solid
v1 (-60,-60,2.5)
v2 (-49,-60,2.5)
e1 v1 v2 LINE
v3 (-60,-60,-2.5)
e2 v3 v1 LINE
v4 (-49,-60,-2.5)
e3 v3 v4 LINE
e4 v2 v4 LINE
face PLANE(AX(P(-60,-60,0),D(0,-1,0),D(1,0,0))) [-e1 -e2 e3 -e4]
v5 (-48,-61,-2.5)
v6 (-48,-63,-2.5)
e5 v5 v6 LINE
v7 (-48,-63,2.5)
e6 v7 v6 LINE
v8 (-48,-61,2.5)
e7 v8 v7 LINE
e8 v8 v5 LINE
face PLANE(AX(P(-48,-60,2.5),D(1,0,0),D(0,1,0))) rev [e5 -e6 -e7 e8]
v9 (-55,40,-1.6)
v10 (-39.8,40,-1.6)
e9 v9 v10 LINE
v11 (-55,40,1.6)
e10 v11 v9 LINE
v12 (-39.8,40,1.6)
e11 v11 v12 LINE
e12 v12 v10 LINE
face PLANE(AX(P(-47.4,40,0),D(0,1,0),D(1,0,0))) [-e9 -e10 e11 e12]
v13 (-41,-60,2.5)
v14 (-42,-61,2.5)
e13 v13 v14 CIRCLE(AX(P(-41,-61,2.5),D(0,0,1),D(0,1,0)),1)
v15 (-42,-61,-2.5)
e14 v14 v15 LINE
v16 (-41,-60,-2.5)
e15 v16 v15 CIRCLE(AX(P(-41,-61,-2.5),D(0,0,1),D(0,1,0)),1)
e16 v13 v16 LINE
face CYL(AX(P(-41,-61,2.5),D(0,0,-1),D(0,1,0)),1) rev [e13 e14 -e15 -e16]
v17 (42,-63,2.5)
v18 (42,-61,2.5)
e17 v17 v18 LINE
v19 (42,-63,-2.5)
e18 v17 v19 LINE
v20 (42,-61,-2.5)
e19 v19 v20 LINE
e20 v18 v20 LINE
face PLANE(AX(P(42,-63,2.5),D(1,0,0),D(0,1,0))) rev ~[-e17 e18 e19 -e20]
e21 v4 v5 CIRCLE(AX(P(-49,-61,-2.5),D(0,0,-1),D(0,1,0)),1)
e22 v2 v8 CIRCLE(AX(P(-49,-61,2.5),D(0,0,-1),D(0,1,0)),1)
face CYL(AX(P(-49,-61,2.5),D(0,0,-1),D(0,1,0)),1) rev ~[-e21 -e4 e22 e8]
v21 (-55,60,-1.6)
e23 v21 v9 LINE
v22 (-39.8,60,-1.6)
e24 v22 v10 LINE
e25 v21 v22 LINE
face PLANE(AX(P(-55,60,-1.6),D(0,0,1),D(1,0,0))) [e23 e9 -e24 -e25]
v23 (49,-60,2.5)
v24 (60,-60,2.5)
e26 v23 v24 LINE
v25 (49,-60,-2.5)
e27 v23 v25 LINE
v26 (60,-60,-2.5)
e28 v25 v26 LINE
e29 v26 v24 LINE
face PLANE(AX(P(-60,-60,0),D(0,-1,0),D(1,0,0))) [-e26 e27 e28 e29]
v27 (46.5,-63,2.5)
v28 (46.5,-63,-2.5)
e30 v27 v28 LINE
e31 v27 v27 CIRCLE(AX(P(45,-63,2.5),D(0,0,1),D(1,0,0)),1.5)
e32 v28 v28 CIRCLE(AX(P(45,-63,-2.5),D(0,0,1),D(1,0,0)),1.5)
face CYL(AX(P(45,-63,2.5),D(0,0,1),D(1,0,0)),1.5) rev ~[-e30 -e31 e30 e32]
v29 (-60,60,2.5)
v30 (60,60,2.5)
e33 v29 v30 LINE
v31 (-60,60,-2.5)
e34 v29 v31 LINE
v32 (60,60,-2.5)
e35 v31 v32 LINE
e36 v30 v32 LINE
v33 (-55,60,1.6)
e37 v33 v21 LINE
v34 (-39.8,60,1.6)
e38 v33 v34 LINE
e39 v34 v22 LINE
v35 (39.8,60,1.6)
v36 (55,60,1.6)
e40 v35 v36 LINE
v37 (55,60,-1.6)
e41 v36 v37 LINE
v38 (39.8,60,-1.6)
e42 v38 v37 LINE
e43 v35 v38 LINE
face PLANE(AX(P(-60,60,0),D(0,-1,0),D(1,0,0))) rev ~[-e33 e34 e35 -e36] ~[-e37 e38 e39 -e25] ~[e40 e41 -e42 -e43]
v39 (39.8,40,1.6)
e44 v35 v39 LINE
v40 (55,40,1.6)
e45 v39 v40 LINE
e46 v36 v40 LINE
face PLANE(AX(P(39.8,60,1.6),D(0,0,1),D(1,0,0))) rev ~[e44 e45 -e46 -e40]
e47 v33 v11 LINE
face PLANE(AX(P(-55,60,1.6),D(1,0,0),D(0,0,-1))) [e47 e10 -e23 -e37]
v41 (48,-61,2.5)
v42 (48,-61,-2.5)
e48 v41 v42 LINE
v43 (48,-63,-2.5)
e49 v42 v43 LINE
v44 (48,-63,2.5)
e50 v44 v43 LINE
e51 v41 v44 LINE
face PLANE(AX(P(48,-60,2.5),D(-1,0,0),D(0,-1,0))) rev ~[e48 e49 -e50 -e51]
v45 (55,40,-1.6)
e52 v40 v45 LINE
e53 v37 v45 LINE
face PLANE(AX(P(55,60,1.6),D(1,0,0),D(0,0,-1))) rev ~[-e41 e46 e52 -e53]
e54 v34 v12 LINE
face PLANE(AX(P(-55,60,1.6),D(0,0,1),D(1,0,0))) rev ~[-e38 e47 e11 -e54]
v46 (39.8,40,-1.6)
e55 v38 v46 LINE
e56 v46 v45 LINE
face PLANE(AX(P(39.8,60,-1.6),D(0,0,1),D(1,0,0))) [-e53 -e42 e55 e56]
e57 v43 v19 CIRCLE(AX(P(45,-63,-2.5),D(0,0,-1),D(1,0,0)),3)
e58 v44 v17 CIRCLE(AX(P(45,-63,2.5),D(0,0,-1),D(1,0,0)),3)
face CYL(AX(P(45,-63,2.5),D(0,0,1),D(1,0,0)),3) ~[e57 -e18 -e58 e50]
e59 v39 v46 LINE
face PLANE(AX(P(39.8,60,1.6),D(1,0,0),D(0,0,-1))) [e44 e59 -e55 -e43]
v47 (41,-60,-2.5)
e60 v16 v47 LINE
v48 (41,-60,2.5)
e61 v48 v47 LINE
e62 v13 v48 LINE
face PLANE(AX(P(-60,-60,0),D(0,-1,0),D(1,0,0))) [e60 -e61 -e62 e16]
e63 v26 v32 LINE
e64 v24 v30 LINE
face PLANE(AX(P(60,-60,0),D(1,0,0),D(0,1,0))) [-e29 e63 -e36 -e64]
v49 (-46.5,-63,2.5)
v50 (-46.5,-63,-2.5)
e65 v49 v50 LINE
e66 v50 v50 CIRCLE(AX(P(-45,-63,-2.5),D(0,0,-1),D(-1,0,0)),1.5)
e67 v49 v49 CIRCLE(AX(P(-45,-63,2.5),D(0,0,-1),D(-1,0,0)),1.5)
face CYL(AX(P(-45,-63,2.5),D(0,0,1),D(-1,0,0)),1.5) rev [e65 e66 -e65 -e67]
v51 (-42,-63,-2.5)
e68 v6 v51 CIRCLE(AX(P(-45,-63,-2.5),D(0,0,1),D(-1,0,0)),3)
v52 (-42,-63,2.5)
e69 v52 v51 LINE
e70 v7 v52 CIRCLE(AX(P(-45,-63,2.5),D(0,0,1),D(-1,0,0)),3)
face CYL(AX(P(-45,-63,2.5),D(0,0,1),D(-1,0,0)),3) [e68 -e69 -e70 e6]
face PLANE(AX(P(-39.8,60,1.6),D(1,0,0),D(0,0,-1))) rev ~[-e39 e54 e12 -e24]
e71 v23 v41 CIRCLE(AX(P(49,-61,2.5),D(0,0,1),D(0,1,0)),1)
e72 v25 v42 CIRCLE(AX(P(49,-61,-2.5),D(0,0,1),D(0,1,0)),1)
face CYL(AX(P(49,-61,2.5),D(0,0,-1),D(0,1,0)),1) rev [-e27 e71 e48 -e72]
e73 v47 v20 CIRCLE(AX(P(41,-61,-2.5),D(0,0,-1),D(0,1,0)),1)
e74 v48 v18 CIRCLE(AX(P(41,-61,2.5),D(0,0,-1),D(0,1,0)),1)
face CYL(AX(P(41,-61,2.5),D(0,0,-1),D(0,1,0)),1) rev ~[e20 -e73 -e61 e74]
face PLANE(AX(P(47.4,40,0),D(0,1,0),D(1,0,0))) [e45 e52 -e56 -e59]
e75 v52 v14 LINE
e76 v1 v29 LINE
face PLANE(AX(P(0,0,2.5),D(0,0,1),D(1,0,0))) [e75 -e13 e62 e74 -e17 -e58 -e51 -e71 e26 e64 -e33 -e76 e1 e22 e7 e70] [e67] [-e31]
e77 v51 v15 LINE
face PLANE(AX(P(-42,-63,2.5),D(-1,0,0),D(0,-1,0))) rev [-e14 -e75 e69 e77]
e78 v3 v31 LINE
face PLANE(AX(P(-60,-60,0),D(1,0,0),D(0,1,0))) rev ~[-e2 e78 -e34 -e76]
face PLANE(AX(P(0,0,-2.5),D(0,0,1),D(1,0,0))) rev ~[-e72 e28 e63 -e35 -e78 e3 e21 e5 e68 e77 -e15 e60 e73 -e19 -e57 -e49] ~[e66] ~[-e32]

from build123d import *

# Parameters (mm, degrees)
SKETCH1_W            = 120
SKETCH1_H            = 120
BOSS_EXTRUDE1_DEPTH  = 2.5
SKETCH4_W            = 15.2
SKETCH4_H            = 3.2
CUT_EXTRUDE1_DEPTH   = 20
SKETCH6_R            = 1.5
BOSS_EXTRUDE2_DEPTH  = 5
FILLET1_R            = 1
FILLET1_OF_MIRROR1_R = 1


with BuildPart() as part:
    # Sketch1 → Boss-Extrude1 (new body, symmetric)
    with BuildSketch(Plane.XY):
        Rectangle(SKETCH1_W, SKETCH1_H)
    extrude(amount=BOSS_EXTRUDE1_DEPTH, both=True)

    # Sketch4 → Cut-Extrude1 (cut)
    with BuildSketch(Plane(origin=(0, 60, 0), x_dir=(1, 0, 0), z_dir=(0, 1, 0))):
        with Locations((-47.4, 0)):
            Rectangle(SKETCH4_W, SKETCH4_H)
        with Locations((47.4, 0)):
            Rectangle(SKETCH4_W, SKETCH4_H)
    extrude(amount=-CUT_EXTRUDE1_DEPTH, mode=Mode.SUBTRACT)

    # Sketch6 → Boss-Extrude2 (add)
    with BuildSketch(Plane.XY.offset(2.5)):
        with BuildLine():
            Line((42, -60), (48, -60))
            Line((48, -60), (48, -63))
            ThreePointArc((48, -63), (45, -66), (42, -63))
            Line((42, -63), (42, -60))
        make_face()
        with Locations((45, -63)):
            Circle(SKETCH6_R, mode=Mode.SUBTRACT)
    boss_extrude2 = extrude(amount=-BOSS_EXTRUDE2_DEPTH)

    # Fillet1
    fillet1_edges = [part.edges().sort_by_distance(p)[0] for p in [
        (42, -60, 0),
        (48, -60, 0),
    ]]
    fillet(fillet1_edges, radius=FILLET1_R)

    # Mirror1: Boss-Extrude2 across plane
    add(boss_extrude2.mirror(Plane(origin=(0, 0, 0), x_dir=(0, 0, 1), z_dir=(1, 0, 0))))

    # Fillet1 of Mirror1
    fillet1_of_mirror1_edges = [part.edges().sort_by_distance(p)[0] for p in [
        (-42, -60, 0),
        (-48, -60, 0),
    ]]
    fillet(fillet1_of_mirror1_edges, radius=FILLET1_OF_MIRROR1_R)


solid = part.part
